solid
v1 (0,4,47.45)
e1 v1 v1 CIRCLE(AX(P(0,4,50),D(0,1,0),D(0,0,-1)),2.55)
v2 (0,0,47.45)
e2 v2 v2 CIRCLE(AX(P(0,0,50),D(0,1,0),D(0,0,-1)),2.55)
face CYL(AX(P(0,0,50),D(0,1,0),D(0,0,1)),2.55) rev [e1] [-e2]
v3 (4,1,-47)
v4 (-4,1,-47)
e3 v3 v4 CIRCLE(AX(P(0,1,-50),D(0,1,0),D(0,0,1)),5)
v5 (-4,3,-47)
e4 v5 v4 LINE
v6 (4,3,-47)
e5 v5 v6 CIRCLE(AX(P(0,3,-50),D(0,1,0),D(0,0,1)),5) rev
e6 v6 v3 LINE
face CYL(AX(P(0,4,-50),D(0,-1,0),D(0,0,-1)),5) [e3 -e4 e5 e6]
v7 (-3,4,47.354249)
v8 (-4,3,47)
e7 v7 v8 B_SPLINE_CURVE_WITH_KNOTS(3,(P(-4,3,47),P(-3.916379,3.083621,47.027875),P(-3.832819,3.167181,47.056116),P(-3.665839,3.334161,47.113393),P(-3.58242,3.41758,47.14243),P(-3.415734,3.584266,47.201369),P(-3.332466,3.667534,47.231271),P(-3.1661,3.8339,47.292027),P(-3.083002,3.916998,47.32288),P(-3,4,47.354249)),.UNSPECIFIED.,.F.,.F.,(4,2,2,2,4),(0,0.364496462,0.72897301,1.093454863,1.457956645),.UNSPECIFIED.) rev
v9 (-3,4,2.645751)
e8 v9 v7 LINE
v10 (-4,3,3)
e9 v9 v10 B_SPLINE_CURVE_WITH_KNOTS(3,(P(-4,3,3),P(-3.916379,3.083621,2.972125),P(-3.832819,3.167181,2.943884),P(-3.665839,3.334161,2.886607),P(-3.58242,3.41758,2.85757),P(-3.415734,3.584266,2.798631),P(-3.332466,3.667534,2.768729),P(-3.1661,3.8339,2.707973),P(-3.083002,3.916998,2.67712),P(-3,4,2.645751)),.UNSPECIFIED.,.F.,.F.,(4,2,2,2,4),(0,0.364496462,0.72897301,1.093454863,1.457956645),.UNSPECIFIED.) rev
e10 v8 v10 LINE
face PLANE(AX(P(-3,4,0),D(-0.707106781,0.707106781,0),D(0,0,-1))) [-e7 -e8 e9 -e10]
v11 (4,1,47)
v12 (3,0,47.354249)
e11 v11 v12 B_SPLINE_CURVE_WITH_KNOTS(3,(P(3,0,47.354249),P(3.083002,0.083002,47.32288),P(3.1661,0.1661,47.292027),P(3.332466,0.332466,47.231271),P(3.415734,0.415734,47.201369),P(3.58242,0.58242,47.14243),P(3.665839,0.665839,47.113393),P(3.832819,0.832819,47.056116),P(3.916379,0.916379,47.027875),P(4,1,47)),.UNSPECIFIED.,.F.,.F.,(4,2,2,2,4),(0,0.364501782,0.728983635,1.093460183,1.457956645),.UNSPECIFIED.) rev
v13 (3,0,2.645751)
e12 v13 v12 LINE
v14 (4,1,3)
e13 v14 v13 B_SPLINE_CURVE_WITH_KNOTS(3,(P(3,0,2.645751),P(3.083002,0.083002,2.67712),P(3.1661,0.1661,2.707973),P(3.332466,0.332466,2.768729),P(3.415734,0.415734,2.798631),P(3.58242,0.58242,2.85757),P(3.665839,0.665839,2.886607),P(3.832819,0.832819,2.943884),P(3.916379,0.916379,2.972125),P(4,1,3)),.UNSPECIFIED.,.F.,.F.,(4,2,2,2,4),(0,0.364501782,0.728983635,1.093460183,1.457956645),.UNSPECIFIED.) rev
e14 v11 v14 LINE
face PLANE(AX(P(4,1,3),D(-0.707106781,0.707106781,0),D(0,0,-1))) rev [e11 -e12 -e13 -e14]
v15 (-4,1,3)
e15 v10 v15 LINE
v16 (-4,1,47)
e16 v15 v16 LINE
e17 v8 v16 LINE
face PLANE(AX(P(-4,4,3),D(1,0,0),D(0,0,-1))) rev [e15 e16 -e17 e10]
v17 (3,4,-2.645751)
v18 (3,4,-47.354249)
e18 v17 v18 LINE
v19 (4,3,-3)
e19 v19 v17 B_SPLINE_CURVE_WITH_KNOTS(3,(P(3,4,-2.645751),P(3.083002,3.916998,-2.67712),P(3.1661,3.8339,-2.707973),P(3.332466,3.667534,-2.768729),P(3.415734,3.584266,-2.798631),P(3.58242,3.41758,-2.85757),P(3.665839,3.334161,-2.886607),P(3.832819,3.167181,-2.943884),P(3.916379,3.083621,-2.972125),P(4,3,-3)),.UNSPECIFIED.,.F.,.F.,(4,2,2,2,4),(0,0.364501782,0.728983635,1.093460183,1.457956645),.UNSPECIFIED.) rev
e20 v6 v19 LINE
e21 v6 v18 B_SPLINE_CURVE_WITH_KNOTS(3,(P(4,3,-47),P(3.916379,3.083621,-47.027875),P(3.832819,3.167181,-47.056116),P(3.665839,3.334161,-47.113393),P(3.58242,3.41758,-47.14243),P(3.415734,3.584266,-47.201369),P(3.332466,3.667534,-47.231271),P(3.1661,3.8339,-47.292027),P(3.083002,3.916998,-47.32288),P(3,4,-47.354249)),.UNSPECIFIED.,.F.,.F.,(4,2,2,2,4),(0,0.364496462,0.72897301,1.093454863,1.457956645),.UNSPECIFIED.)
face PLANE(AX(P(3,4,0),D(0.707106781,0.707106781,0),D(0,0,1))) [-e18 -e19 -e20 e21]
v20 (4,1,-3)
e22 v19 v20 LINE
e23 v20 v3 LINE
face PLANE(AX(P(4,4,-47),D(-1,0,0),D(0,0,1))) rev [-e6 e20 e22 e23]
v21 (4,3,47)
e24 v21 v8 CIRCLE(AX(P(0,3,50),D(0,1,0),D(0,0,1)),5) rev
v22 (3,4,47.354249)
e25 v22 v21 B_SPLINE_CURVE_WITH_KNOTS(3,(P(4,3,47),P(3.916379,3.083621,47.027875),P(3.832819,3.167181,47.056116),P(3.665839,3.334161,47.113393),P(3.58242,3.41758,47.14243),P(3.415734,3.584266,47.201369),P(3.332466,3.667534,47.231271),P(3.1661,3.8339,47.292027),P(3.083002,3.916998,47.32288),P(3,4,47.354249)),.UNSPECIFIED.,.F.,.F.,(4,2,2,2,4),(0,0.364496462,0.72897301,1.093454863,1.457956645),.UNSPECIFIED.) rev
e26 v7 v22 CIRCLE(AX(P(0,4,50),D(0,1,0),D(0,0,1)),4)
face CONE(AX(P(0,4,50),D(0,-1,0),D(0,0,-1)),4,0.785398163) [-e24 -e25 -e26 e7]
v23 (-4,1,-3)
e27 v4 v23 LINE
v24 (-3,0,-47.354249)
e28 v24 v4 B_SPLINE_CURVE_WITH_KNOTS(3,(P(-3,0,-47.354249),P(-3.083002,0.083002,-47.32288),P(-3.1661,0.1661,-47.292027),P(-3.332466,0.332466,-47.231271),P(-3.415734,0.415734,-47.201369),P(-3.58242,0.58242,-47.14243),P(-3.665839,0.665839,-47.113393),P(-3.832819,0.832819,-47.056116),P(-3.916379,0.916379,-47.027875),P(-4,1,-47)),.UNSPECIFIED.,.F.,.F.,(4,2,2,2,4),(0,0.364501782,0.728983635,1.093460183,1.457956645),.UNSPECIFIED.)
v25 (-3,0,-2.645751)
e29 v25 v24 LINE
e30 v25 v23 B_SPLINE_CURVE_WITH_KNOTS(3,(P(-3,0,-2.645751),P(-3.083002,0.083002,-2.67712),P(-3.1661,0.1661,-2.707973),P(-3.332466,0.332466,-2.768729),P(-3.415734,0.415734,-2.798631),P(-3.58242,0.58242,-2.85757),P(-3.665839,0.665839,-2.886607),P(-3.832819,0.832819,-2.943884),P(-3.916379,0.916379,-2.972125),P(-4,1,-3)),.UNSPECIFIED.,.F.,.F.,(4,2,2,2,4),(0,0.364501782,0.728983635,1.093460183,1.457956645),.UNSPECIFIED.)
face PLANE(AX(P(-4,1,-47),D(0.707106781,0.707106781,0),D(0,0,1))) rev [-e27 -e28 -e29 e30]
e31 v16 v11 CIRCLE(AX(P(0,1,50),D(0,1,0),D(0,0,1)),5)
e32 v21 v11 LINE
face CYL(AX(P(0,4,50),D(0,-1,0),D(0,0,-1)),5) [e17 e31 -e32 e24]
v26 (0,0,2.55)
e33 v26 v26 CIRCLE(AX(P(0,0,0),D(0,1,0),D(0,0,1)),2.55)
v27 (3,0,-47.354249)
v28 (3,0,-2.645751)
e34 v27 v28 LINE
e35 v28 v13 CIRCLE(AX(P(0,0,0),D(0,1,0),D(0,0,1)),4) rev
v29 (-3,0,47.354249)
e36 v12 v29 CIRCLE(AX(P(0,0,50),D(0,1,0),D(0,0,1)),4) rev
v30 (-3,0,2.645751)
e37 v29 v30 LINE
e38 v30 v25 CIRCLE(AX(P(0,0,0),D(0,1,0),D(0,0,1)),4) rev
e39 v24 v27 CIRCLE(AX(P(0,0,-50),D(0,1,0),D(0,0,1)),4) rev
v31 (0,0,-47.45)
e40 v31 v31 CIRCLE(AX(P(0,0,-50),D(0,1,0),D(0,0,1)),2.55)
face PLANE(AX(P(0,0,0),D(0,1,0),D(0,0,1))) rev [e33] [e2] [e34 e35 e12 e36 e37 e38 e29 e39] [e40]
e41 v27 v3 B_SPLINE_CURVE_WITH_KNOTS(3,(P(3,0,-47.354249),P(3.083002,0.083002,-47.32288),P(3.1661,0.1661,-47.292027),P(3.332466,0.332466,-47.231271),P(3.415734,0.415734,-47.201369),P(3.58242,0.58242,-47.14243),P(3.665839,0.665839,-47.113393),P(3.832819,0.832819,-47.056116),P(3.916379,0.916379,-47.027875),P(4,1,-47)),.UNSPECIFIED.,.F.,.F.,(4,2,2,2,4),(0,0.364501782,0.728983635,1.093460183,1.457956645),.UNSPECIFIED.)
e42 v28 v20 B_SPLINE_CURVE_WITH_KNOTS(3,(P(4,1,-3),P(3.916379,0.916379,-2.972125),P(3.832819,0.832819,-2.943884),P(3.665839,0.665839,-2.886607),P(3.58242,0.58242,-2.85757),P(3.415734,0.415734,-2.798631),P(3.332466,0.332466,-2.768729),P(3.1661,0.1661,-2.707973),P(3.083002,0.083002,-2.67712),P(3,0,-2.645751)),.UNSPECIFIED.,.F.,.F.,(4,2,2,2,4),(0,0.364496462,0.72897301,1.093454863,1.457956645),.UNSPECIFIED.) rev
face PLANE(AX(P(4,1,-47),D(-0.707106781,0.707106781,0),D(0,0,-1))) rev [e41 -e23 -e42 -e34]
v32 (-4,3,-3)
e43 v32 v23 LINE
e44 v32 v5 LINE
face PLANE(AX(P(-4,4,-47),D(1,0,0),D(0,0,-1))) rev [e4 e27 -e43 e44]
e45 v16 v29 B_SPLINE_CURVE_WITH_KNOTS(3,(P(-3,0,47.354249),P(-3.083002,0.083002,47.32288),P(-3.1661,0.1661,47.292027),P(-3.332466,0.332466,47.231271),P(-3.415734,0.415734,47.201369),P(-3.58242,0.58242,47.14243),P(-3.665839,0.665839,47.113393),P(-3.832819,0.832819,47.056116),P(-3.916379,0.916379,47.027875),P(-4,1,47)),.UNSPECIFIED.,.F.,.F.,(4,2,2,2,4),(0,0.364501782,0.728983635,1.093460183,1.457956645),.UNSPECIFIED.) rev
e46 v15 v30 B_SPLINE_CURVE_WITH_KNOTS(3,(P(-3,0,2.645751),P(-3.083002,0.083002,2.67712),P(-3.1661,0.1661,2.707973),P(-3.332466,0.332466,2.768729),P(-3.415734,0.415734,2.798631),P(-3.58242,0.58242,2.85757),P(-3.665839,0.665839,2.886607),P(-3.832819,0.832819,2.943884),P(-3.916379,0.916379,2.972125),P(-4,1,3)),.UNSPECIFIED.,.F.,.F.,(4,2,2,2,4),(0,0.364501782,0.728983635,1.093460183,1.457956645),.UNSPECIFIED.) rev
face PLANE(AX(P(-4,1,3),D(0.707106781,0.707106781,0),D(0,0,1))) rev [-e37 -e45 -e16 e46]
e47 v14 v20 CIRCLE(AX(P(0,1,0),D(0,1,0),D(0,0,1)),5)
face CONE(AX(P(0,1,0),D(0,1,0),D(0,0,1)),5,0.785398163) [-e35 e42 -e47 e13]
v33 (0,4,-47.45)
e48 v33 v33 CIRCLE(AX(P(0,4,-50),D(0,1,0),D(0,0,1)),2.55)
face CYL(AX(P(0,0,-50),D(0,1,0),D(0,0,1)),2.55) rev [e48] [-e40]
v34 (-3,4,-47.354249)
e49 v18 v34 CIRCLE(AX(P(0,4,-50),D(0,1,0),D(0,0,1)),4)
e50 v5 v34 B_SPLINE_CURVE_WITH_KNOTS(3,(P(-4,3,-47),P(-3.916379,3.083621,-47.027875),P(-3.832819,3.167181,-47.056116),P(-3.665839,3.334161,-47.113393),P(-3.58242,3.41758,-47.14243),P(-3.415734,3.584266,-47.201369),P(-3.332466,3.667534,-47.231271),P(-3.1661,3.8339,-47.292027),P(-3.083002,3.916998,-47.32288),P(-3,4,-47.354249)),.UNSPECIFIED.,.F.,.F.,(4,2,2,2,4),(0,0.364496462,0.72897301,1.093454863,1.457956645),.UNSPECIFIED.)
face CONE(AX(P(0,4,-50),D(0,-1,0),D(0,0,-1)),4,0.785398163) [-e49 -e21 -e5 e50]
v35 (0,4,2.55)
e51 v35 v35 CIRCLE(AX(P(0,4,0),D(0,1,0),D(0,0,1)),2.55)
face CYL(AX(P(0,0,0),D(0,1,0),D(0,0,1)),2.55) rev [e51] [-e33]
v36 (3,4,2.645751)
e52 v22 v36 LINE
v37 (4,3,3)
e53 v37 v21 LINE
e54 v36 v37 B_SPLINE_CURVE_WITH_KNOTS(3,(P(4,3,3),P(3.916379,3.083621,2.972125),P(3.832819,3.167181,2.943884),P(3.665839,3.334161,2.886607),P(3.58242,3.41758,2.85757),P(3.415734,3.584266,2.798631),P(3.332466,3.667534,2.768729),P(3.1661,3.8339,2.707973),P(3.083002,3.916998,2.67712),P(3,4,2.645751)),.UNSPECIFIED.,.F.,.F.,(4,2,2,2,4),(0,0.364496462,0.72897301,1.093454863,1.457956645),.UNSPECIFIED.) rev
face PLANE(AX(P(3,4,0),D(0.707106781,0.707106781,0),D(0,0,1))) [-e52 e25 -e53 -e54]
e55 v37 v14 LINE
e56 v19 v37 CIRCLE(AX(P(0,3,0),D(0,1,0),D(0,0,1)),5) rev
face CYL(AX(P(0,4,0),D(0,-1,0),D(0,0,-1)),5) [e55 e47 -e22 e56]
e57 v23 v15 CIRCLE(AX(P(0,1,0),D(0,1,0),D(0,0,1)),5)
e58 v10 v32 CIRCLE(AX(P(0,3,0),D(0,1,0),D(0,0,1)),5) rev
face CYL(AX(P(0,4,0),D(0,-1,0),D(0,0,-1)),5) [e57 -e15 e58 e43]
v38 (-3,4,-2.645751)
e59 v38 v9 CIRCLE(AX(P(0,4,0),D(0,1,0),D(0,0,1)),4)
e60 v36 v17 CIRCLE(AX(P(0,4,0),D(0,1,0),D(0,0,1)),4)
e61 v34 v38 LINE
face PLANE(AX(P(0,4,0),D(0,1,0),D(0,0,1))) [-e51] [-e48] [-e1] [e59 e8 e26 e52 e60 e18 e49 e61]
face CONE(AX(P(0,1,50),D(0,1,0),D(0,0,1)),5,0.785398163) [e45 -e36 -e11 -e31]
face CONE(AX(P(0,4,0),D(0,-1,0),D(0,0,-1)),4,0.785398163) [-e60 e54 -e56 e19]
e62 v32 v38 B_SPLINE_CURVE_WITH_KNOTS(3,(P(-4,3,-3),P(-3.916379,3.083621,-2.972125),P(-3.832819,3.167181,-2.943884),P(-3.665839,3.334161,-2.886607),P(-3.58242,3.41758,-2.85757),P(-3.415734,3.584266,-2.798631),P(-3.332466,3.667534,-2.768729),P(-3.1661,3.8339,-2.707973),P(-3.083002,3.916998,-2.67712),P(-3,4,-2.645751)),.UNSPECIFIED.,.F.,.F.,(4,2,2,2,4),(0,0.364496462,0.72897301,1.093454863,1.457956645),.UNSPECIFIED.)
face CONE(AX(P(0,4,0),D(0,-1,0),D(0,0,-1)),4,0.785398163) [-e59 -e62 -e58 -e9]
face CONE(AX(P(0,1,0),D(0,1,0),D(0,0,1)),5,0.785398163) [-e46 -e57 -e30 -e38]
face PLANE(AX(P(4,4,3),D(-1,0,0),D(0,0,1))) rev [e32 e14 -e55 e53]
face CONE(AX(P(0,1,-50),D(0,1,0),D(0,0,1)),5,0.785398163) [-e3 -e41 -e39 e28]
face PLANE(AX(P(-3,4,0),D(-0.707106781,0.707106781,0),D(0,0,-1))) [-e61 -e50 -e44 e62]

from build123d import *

# Parameters (mm, degrees)
EXTRUDE_1_DEPTH     = 4
SKETCH_2_R          = 2.55
CUT_EXTRUDE_1_DEPTH = 56.3714728
CHAMFER_1_SIZE      = 1


with BuildPart() as part:
    # 草图1 → 凸台-拉伸1 (new body)
    with BuildSketch(Plane(origin=(0, 0, 0), x_dir=(1, 0, 0), z_dir=(0, 1, 0))):
        with BuildLine():
            Line((-4, 47), (-4, 3))
            ThreePointArc((-4, 3), (-5, 0), (-4, -3))
            Line((-4, -3), (-4, -47))
            ThreePointArc((-4, -47), (0, -55), (4, -47))
            Line((4, -47), (4, -3))
            ThreePointArc((4, -3), (5, 0), (4, 3))
            Line((4, 3), (4, 47))
            ThreePointArc((4, 47), (0, 55), (-4, 47))
        make_face()
    extrude(amount=EXTRUDE_1_DEPTH)

    # 草图2 → 切除-拉伸1 (cut, through all)
    with BuildSketch(Plane(origin=(0, 4, 0), x_dir=(1, 0, 0), z_dir=(0, 1, 0))):
        with Locations(Location((0, 50, 0), (0, 0, 270))):
            Circle(SKETCH_2_R)
        with Locations(Location((0, -50, 0), (0, 0, 90))):
            Circle(SKETCH_2_R)
        with Locations(Location((0, 0, 0), (0, 0, 270))):
            Circle(SKETCH_2_R)
    extrude(amount=-CUT_EXTRUDE_1_DEPTH, mode=Mode.SUBTRACT)

    # 倒角1
    chamfer_1_edges = [part.edges().sort_by_distance(p)[0] for p in [
        (4, 0, 25),
        (0, 0, 55),
        (-4, 0, 25),
        (-5, 0, 0),
        (0, 4, 55),
        (4, 4, 25),
        (5, 4, 0),
        (4, 4, -25),
        (0, 4, -55),
        (-4, 4, -25),
        (-5, 4, 0),
        (-4, 0, -25),
        (-4, 4, 25),
        (0, 0, -55),
        (4, 0, -25),
        (5, 0, 0),
    ]]
    chamfer(chamfer_1_edges, length=CHAMFER_1_SIZE)


solid = part.part
